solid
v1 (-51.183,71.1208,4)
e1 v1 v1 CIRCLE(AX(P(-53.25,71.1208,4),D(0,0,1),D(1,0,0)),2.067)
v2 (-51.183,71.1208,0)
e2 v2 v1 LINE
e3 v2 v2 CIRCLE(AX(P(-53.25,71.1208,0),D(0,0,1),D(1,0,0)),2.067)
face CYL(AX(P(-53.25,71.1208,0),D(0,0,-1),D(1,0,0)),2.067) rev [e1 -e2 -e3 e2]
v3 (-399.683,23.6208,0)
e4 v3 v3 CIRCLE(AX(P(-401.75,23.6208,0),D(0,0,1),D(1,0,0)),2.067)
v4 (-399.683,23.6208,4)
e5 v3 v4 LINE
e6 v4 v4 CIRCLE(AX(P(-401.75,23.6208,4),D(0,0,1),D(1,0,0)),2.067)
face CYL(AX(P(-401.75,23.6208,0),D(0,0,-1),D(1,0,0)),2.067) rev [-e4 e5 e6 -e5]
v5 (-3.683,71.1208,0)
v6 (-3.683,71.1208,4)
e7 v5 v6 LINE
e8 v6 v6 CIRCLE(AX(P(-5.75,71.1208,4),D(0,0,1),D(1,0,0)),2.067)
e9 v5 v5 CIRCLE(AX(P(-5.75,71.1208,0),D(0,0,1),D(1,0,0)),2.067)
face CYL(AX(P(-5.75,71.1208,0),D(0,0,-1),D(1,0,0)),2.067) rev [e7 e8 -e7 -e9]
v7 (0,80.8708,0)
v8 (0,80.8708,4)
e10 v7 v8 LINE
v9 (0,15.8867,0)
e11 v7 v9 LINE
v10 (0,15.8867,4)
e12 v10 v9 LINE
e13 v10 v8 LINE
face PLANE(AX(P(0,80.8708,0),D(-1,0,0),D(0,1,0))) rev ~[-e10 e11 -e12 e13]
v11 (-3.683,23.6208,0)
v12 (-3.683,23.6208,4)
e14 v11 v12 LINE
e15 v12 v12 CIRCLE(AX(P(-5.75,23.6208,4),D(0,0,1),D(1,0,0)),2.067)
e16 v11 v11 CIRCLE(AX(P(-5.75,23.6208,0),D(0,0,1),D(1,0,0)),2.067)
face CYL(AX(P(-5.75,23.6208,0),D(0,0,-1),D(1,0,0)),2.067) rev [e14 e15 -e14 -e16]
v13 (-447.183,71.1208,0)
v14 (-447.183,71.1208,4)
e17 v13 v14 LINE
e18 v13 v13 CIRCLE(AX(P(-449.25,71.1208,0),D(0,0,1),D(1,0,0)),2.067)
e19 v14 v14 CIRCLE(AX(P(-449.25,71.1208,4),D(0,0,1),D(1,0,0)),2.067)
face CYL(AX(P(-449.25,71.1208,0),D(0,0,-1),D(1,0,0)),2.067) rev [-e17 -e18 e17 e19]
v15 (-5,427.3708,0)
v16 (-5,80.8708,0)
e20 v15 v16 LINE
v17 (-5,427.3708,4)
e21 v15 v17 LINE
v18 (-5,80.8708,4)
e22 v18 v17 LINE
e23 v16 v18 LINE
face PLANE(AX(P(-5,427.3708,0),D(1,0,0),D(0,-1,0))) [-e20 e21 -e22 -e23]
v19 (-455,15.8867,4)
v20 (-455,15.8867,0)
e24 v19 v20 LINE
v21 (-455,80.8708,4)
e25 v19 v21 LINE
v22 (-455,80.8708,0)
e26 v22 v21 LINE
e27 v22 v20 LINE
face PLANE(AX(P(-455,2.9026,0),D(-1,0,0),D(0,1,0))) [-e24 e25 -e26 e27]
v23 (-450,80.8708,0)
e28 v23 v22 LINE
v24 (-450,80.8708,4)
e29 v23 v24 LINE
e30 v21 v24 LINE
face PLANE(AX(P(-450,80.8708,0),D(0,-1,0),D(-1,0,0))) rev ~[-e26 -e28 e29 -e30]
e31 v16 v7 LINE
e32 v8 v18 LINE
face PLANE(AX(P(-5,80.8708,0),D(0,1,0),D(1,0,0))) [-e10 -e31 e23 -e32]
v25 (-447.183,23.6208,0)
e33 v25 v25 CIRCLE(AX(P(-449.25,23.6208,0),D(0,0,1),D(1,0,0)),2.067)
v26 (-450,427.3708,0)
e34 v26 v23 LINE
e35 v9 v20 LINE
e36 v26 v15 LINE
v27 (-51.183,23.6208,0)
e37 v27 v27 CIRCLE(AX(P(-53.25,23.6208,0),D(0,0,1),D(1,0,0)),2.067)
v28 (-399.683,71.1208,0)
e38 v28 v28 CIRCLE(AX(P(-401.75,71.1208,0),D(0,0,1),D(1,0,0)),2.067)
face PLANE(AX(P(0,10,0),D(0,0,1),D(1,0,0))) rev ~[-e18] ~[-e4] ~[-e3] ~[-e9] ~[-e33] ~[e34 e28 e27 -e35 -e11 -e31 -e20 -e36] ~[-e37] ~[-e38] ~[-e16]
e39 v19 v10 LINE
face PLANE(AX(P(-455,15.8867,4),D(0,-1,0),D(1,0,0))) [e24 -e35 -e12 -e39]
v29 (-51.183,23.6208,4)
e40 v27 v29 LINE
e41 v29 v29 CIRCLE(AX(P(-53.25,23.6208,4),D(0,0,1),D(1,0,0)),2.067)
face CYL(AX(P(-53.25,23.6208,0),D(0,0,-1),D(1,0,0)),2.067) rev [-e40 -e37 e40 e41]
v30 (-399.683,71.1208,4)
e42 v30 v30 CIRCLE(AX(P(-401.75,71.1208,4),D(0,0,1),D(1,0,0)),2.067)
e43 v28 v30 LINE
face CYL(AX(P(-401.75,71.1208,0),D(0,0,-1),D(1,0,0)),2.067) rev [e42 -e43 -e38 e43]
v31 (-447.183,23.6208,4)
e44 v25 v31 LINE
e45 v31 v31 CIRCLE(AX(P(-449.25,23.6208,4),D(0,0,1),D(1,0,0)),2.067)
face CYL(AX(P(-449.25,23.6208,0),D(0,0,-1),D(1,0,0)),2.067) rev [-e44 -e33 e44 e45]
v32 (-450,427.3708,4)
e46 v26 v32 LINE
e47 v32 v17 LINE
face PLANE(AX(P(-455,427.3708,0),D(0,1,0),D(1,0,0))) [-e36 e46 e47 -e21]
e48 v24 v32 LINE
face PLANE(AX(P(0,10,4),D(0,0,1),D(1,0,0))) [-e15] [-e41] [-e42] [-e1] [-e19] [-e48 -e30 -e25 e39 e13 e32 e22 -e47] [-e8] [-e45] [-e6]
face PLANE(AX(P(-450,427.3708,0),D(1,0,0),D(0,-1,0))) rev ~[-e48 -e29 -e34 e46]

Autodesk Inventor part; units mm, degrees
ref_plane "YZ Plane" through (0, 0, 0) normal (1, 0, 0) x (0, 1, 0)
ref_plane "XZ Plane" through (0, 0, 0) normal (0, 1, 0) x (-1, 0, 0)
ref_plane "XY Plane" through (0, 0, 0) normal (0, 0, 1) x (1, 0, 0)
ref_plane "Work Plane1" through (0, 10, 0) normal (0, 0, 1) x (1, 0, 0)
sketch "Sketch1" plane through (0, 10, 0) normal (0, 0, 1) x (1, 0, 0)
  line L0 (-1, 70.8708) -> (-1, -7.0974) projected
  line L1 (-1, 70.8708) -> (-53.0809, 70.8708) projected
  arc A0 (-53.0809, 70.8708) -> (-59.8755, 68.2079) centre (-53.0809, 60.8708) ccw projected
  line L2 (-59.8755, 68.2079) -> (-118.9152, 13.5337) projected
  line L3 (-1, -7.0974) -> (-454, -7.0974) projected
  circle A1 centre (-53.25, 13.6208) radius 2.067 projected
  circle A2 centre (-53.25, 61.1208) radius 2.067 projected
  circle A3 centre (-5.75, 13.6208) radius 2.067 projected
  circle A4 centre (-5.75, 61.1208) radius 2.067 projected
  circle A5 centre (-401.75, 61.1208) radius 2.067 projected
  circle A6 centre (-449.25, 61.1208) radius 2.067 projected
  circle A7 centre (-401.75, 13.6208) radius 2.067 projected
  circle A8 centre (-449.25, 13.6208) radius 2.067 projected
  line L4 (-454, -7.0974) -> (-454, 70.8708) projected
  line L5 (-1, -7.0974) -> (-454, -7.0974) projected
  arc A9 (-344.754, 14.034) -> (-337.4562, 10.8708) centre (-337.4562, 20.8708) ccw projected
  line L6 (-344.754, 14.034) -> (-395.0366, 67.7076) projected
  arc A10 (-395.0366, 67.7076) -> (-402.3345, 70.8708) centre (-402.3345, 60.8708) ccw projected
  line L7 (-402.3345, 70.8708) -> (-454, 70.8708) projected
  arc A11 (-436.1083, -78.4697) -> (-447.5, -37.6782) centre (-447.5, -59.6646) ccw projected
  line L8 (-18.8917, -78.4697) -> (-436.1083, -78.4697) projected
  arc A12 (-7.5, -37.6782) -> (-18.8917, -78.4697) centre (-7.5, -59.6646) ccw projected
  line L9 (-2, -37.6782) -> (-7.5, -37.6782) projected
  arc A13 (-2, -37.6782) -> (-1, -36.6782) centre (-2, -36.6782) ccw projected
  line L10 (-1, -12.4515) -> (-1, -36.6782) projected
  line L11 (-454, -12.4515) -> (-1, -12.4515) projected
  line L12 (-454, -36.6782) -> (-454, -12.4515) projected
  arc A14 (-454, -36.6782) -> (-453, -37.6782) centre (-453, -36.6782) ccw projected
  line L13 (-447.5, -37.6782) -> (-453, -37.6782) projected
  line L14 (-237.5, -48.429) -> (-237.5, -34.9155) projected
  ellipse E0 centre (-235.5, -34.9155) end of major axis (-237.5, -34.9155) minor radius 1.6892 (-235.5, -33.2263) -> (-237.5, -34.9155) ccw projected
  line L15 (-235.5, -33.2263) -> (-219.5, -33.2263) projected
  ellipse E1 centre (-219.5, -34.9155) end of major axis (-221.5, -34.9155) minor radius 1.6892 (-217.5, -34.9155) -> (-219.5, -33.2263) ccw projected
  line L16 (-217.5, -34.9155) -> (-217.5, -48.429) projected
  ellipse E2 centre (-219.5, -48.429) end of major axis (-217.5, -48.429) minor radius 1.6892 (-219.5, -50.1182) -> (-217.5, -48.429) ccw projected
  line L17 (-219.5, -50.1182) -> (-235.5, -50.1182) projected
  ellipse E3 centre (-235.5, -48.429) end of major axis (-233.5, -48.429) minor radius 1.6892 (-237.5, -48.429) -> (-235.5, -50.1182) ccw projected
  line L18 (-267.5, -48.429) -> (-267.5, -34.9155) projected
  ellipse E4 centre (-265.5, -34.9155) end of major axis (-267.5, -34.9155) minor radius 1.6892 (-265.5, -33.2263) -> (-267.5, -34.9155) ccw projected
  line L19 (-265.5, -33.2263) -> (-249.5, -33.2263) projected
  ellipse E5 centre (-249.5, -34.9155) end of major axis (-251.5, -34.9155) minor radius 1.6892 (-247.5, -34.9155) -> (-249.5, -33.2263) ccw projected
  line L20 (-247.5, -34.9155) -> (-247.5, -48.429) projected
  ellipse E6 centre (-249.5, -48.429) end of major axis (-247.5, -48.429) minor radius 1.6892 (-249.5, -50.1182) -> (-247.5, -48.429) ccw projected
  line L21 (-249.5, -50.1182) -> (-265.5, -50.1182) projected
  ellipse E7 centre (-265.5, -48.429) end of major axis (-263.5, -48.429) minor radius 1.6892 (-267.5, -48.429) -> (-265.5, -50.1182) ccw projected
  line L22 (-205.5, -33.2263) -> (-189.5, -33.2263) projected
  ellipse E8 centre (-189.5, -34.9155) end of major axis (-191.5, -34.9155) minor radius 1.6892 (-187.5, -34.9155) -> (-189.5, -33.2263) ccw projected
  line L23 (-187.5, -34.9155) -> (-187.5, -48.429) projected
  ellipse E9 centre (-189.5, -48.429) end of major axis (-187.5, -48.429) minor radius 1.6892 (-189.5, -50.1182) -> (-187.5, -48.429) ccw projected
  line L24 (-189.5, -50.1182) -> (-205.5, -50.1182) projected
  ellipse E10 centre (-205.5, -48.429) end of major axis (-203.5, -48.429) minor radius 1.6892 (-207.5, -48.429) -> (-205.5, -50.1182) ccw projected
  line L25 (-207.5, -48.429) -> (-207.5, -34.9155) projected
  ellipse E11 centre (-205.5, -34.9155) end of major axis (-207.5, -34.9155) minor radius 1.6892 (-205.5, -33.2263) -> (-207.5, -34.9155) ccw projected
  line L26 (-395, -52.2297) -> (-395, -31.1148) projected
  ellipse E12 centre (-385, -31.1148) end of major axis (-395, -31.1148) minor radius 8.4459 (-385, -22.6689) -> (-395, -31.1148) ccw projected
  line L27 (-385, -22.6689) -> (-310, -22.6689) projected
  ellipse E13 centre (-310, -31.1148) end of major axis (-320, -31.1148) minor radius 8.4459 (-300, -31.1148) -> (-310, -22.6689) ccw projected
  line L28 (-300, -31.1148) -> (-300, -52.2297) projected
  ellipse E14 centre (-310, -52.2297) end of major axis (-300, -52.2297) minor radius 8.4459 (-310, -60.6756) -> (-300, -52.2297) ccw projected
  line L29 (-310, -60.6756) -> (-385, -60.6756) projected
  ellipse E15 centre (-385, -52.2297) end of major axis (-375, -52.2297) minor radius 8.4459 (-395, -52.2297) -> (-385, -60.6756) ccw projected
  line L30 (-145, -22.6689) -> (-70, -22.6689) projected
  ellipse E16 centre (-70, -31.1148) end of major axis (-80, -31.1148) minor radius 8.4459 (-60, -31.1148) -> (-70, -22.6689) ccw projected
  line L31 (-60, -31.1148) -> (-60, -52.2297) projected
  ellipse E17 centre (-70, -52.2297) end of major axis (-60, -52.2297) minor radius 8.4459 (-70, -60.6756) -> (-60, -52.2297) ccw projected
  line L32 (-70, -60.6756) -> (-145, -60.6756) projected
  ellipse E18 centre (-145, -52.2297) end of major axis (-135, -52.2297) minor radius 8.4459 (-155, -52.2297) -> (-145, -60.6756) ccw projected
  line L33 (-155, -52.2297) -> (-155, -31.1148) projected
  ellipse E19 centre (-145, -31.1148) end of major axis (-155, -31.1148) minor radius 8.4459 (-145, -22.6689) -> (-155, -31.1148) ccw projected
  circle A15 centre (-53.25, 13.6208) radius 2.067 projected
  circle A16 centre (-53.25, 61.1208) radius 2.067 projected
  circle A17 centre (-5.75, 13.6208) radius 2.067 projected
  circle A18 centre (-5.75, 61.1208) radius 2.067 projected
  line L34 (-1, 70.8708) -> (-1, -7.0974) projected
  line L35 (-1, 70.8708) -> (-53.0809, 70.8708) projected
  arc A19 (-53.0809, 70.8708) -> (-59.8755, 68.2079) centre (-53.0809, 60.8708) ccw projected
  line L36 (-59.8755, 68.2079) -> (-118.9152, 13.5337) projected
  arc A20 (-125.7098, 10.8708) -> (-118.9152, 13.5337) centre (-125.7098, 20.8708) ccw projected
  line L37 (-125.7098, 10.8708) -> (-337.4562, 10.8708) projected
  circle A21 centre (-449.25, 13.6208) radius 2.067 projected
  circle A22 centre (-401.75, 13.6208) radius 2.067 projected
  circle A23 centre (-449.25, 61.1208) radius 2.067 projected
  circle A24 centre (-401.75, 61.1208) radius 2.067 projected
  line L38 (-454, -7.0974) -> (-454, 70.8708) projected
  arc A25 (-125.7098, 10.8708) -> (-118.9152, 13.5337) centre (-125.7098, 20.8708) ccw projected
  line L39 (-125.7098, 10.8708) -> (-337.4562, 10.8708) projected
  arc A26 (-344.754, 14.034) -> (-337.4562, 10.8708) centre (-337.4562, 20.8708) ccw projected
  line L40 (-344.754, 14.034) -> (-395.0366, 67.7076) projected
  arc A27 (-395.0366, 67.7076) -> (-402.3345, 70.8708) centre (-402.3345, 60.8708) ccw projected
  line L41 (-402.3345, 70.8708) -> (-454, 70.8708) projected
  circle A28 centre (-227.5, 1.8867) radius 4
  line L42 (-227.5, 1.8867) -> (-227.5, -7.0974) construction
  line L43 (-227.5, 1.8867) -> (-227.5, 10.8708) construction
  line L44 (51.5, 217.3708) -> (43.5, 217.3708)
  line L45 (-506.5, 217.3708) -> (-498.5, 217.3708)
  line L46 (-1, -7.0974) -> (-454, -7.0974)
  line L47 (-455, 417.3708) -> (0, 417.3708)
  line L48 (-455, 70.8708) -> (-455, 6.8872) projected
  line L49 (0, -7.0974) -> (0, 70.8708) projected
  line L50 (-455, -7.0974) -> (-455, 417.3708)
  line L51 (0, -7.0974) -> (0, 417.3708)
  line L52 (-1, -7.0974) -> (0, -7.0974)
  line L53 (-454, -7.0974) -> (-455, -7.0974)
  point P0 (0, -10)
  point P1 (-227.5, -33.2263)
  point P2 (0, 70.8708)
  point P3 (-455, 6.8872)
  point P4 (-454, -7.0974)
  dimension "d0" = 8
  dimension "d1" = 200
extrude "Extrusion1" add sketch "Sketch1" along normal blind 4 contours L1 A0 L2 A20 L37 A9 L6 A10 L7 L4 L53 L50 L48 L47 L51 L49 L52 L0 | L0 L3 L4 L7 A10 L6 A9 L37 A20 L2 A0 L1
sketch "Sketch2" plane through (0, 10, 4) normal (0, 0, 1) x (1, 0, 0)
  line L0 (0, -7.0974) -> (0, 417.3708) projected
  line L1 (0, 417.3708) -> (-455, 417.3708) projected
  line L2 (-455, 417.3708) -> (-455, -7.0974) projected
  line L3 (-455, -7.0974) -> (0, -7.0974) projected
  circle A0 centre (-227.5, 1.8867) radius 4 projected
  circle A1 centre (-449.25, 13.6208) radius 2.067 projected
  circle A2 centre (-53.25, 13.6208) radius 2.067 projected
  circle A3 centre (-53.25, 61.1208) radius 2.067 projected
  circle A4 centre (-5.75, 13.6208) radius 2.067 projected
  circle A5 centre (-5.75, 61.1208) radius 2.067 projected
  circle A6 centre (-401.75, 61.1208) radius 2.067 projected
  circle A7 centre (-449.25, 61.1208) radius 2.067 projected
  circle A8 centre (-401.75, 13.6208) radius 2.067 projected
  line L4 (-455, 417.3708) -> (-455, -7.0974) projected
  line L5 (0, -7.0974) -> (-455, -7.0974)
  line L6 (-455, -7.0974) -> (-455, 5.8867)
  line L7 (-455, 5.8867) -> (0, 5.8867)
  line L8 (0, 5.8867) -> (0, -7.0974)
  point P0 (0, -10)
extrude "Cut1" cut sketch "Sketch2" against normal up to next contours L3 L2 L7 L0
sketch "Sketch3" plane through (0, 10, 0) normal (0, 0, -1) x (-1, 0, 0)
  circle A0 centre (401.75, 13.6208) radius 2.067 projected
  circle A1 centre (449.25, 61.1208) radius 2.067 projected
  circle A2 centre (401.75, 61.1208) radius 2.067 projected
  circle A3 centre (5.75, 61.1208) radius 2.067 projected
  circle A4 centre (5.75, 13.6208) radius 2.067 projected
  circle A5 centre (53.25, 61.1208) radius 2.067 projected
  circle A6 centre (53.25, 13.6208) radius 2.067 projected
  circle A7 centre (449.25, 13.6208) radius 2.067 projected
  line L0 (0, 5.8867) -> (455, 5.8867) projected
  line L1 (455, 417.3708) -> (455, 5.8867) projected
  line L2 (0, 417.3708) -> (455, 417.3708) projected
  line L3 (0, 5.8867) -> (0, 417.3708) projected
  line L4 (455, 417.3708) -> (450, 417.3708)
  line L5 (450, 417.3708) -> (450, 70.8708)
  line L6 (450, 70.8708) -> (455, 70.8708)
  line L7 (455, 70.8708) -> (455, 417.3708)
  line L8 (0, 417.3708) -> (5, 417.3708)
  line L9 (5, 417.3708) -> (5, 70.8708)
  line L10 (5, 70.8708) -> (0, 70.8708)
  line L11 (0, 70.8708) -> (0, 417.3708)
  point P0 (0, -10)
  dimension "d7" = 5
  dimension "d8" = 346.5
extrude "Cut2" cut sketch "Sketch3" against normal through all contours L3 L2 L9 L10 | L6 L5 L2 L1
equation "\"d5\" = Thickness"
equation "\"d9\" = Thickness"
equation "\"BendRadius\" = Thickness"
equation "\"BendReliefWidth\" = Thickness"
equation "\"BendReliefDepth\" = 0.5 * Thickness"
equation "\"CornerReliefSize\" = 4 * Thickness"
equation "\"MinimumRemnant\" = 2 * Thickness"
equation "\"TransitionRadius\" = BendRadius"
equation "\"JacobiRadiusSize\" = Thickness"
equation "\"GapSize\" = Thickness"
equation "\"d4\" = Thickness"
equation "\"Thickness\" = 0.5"
properties part number "voetensteun"
